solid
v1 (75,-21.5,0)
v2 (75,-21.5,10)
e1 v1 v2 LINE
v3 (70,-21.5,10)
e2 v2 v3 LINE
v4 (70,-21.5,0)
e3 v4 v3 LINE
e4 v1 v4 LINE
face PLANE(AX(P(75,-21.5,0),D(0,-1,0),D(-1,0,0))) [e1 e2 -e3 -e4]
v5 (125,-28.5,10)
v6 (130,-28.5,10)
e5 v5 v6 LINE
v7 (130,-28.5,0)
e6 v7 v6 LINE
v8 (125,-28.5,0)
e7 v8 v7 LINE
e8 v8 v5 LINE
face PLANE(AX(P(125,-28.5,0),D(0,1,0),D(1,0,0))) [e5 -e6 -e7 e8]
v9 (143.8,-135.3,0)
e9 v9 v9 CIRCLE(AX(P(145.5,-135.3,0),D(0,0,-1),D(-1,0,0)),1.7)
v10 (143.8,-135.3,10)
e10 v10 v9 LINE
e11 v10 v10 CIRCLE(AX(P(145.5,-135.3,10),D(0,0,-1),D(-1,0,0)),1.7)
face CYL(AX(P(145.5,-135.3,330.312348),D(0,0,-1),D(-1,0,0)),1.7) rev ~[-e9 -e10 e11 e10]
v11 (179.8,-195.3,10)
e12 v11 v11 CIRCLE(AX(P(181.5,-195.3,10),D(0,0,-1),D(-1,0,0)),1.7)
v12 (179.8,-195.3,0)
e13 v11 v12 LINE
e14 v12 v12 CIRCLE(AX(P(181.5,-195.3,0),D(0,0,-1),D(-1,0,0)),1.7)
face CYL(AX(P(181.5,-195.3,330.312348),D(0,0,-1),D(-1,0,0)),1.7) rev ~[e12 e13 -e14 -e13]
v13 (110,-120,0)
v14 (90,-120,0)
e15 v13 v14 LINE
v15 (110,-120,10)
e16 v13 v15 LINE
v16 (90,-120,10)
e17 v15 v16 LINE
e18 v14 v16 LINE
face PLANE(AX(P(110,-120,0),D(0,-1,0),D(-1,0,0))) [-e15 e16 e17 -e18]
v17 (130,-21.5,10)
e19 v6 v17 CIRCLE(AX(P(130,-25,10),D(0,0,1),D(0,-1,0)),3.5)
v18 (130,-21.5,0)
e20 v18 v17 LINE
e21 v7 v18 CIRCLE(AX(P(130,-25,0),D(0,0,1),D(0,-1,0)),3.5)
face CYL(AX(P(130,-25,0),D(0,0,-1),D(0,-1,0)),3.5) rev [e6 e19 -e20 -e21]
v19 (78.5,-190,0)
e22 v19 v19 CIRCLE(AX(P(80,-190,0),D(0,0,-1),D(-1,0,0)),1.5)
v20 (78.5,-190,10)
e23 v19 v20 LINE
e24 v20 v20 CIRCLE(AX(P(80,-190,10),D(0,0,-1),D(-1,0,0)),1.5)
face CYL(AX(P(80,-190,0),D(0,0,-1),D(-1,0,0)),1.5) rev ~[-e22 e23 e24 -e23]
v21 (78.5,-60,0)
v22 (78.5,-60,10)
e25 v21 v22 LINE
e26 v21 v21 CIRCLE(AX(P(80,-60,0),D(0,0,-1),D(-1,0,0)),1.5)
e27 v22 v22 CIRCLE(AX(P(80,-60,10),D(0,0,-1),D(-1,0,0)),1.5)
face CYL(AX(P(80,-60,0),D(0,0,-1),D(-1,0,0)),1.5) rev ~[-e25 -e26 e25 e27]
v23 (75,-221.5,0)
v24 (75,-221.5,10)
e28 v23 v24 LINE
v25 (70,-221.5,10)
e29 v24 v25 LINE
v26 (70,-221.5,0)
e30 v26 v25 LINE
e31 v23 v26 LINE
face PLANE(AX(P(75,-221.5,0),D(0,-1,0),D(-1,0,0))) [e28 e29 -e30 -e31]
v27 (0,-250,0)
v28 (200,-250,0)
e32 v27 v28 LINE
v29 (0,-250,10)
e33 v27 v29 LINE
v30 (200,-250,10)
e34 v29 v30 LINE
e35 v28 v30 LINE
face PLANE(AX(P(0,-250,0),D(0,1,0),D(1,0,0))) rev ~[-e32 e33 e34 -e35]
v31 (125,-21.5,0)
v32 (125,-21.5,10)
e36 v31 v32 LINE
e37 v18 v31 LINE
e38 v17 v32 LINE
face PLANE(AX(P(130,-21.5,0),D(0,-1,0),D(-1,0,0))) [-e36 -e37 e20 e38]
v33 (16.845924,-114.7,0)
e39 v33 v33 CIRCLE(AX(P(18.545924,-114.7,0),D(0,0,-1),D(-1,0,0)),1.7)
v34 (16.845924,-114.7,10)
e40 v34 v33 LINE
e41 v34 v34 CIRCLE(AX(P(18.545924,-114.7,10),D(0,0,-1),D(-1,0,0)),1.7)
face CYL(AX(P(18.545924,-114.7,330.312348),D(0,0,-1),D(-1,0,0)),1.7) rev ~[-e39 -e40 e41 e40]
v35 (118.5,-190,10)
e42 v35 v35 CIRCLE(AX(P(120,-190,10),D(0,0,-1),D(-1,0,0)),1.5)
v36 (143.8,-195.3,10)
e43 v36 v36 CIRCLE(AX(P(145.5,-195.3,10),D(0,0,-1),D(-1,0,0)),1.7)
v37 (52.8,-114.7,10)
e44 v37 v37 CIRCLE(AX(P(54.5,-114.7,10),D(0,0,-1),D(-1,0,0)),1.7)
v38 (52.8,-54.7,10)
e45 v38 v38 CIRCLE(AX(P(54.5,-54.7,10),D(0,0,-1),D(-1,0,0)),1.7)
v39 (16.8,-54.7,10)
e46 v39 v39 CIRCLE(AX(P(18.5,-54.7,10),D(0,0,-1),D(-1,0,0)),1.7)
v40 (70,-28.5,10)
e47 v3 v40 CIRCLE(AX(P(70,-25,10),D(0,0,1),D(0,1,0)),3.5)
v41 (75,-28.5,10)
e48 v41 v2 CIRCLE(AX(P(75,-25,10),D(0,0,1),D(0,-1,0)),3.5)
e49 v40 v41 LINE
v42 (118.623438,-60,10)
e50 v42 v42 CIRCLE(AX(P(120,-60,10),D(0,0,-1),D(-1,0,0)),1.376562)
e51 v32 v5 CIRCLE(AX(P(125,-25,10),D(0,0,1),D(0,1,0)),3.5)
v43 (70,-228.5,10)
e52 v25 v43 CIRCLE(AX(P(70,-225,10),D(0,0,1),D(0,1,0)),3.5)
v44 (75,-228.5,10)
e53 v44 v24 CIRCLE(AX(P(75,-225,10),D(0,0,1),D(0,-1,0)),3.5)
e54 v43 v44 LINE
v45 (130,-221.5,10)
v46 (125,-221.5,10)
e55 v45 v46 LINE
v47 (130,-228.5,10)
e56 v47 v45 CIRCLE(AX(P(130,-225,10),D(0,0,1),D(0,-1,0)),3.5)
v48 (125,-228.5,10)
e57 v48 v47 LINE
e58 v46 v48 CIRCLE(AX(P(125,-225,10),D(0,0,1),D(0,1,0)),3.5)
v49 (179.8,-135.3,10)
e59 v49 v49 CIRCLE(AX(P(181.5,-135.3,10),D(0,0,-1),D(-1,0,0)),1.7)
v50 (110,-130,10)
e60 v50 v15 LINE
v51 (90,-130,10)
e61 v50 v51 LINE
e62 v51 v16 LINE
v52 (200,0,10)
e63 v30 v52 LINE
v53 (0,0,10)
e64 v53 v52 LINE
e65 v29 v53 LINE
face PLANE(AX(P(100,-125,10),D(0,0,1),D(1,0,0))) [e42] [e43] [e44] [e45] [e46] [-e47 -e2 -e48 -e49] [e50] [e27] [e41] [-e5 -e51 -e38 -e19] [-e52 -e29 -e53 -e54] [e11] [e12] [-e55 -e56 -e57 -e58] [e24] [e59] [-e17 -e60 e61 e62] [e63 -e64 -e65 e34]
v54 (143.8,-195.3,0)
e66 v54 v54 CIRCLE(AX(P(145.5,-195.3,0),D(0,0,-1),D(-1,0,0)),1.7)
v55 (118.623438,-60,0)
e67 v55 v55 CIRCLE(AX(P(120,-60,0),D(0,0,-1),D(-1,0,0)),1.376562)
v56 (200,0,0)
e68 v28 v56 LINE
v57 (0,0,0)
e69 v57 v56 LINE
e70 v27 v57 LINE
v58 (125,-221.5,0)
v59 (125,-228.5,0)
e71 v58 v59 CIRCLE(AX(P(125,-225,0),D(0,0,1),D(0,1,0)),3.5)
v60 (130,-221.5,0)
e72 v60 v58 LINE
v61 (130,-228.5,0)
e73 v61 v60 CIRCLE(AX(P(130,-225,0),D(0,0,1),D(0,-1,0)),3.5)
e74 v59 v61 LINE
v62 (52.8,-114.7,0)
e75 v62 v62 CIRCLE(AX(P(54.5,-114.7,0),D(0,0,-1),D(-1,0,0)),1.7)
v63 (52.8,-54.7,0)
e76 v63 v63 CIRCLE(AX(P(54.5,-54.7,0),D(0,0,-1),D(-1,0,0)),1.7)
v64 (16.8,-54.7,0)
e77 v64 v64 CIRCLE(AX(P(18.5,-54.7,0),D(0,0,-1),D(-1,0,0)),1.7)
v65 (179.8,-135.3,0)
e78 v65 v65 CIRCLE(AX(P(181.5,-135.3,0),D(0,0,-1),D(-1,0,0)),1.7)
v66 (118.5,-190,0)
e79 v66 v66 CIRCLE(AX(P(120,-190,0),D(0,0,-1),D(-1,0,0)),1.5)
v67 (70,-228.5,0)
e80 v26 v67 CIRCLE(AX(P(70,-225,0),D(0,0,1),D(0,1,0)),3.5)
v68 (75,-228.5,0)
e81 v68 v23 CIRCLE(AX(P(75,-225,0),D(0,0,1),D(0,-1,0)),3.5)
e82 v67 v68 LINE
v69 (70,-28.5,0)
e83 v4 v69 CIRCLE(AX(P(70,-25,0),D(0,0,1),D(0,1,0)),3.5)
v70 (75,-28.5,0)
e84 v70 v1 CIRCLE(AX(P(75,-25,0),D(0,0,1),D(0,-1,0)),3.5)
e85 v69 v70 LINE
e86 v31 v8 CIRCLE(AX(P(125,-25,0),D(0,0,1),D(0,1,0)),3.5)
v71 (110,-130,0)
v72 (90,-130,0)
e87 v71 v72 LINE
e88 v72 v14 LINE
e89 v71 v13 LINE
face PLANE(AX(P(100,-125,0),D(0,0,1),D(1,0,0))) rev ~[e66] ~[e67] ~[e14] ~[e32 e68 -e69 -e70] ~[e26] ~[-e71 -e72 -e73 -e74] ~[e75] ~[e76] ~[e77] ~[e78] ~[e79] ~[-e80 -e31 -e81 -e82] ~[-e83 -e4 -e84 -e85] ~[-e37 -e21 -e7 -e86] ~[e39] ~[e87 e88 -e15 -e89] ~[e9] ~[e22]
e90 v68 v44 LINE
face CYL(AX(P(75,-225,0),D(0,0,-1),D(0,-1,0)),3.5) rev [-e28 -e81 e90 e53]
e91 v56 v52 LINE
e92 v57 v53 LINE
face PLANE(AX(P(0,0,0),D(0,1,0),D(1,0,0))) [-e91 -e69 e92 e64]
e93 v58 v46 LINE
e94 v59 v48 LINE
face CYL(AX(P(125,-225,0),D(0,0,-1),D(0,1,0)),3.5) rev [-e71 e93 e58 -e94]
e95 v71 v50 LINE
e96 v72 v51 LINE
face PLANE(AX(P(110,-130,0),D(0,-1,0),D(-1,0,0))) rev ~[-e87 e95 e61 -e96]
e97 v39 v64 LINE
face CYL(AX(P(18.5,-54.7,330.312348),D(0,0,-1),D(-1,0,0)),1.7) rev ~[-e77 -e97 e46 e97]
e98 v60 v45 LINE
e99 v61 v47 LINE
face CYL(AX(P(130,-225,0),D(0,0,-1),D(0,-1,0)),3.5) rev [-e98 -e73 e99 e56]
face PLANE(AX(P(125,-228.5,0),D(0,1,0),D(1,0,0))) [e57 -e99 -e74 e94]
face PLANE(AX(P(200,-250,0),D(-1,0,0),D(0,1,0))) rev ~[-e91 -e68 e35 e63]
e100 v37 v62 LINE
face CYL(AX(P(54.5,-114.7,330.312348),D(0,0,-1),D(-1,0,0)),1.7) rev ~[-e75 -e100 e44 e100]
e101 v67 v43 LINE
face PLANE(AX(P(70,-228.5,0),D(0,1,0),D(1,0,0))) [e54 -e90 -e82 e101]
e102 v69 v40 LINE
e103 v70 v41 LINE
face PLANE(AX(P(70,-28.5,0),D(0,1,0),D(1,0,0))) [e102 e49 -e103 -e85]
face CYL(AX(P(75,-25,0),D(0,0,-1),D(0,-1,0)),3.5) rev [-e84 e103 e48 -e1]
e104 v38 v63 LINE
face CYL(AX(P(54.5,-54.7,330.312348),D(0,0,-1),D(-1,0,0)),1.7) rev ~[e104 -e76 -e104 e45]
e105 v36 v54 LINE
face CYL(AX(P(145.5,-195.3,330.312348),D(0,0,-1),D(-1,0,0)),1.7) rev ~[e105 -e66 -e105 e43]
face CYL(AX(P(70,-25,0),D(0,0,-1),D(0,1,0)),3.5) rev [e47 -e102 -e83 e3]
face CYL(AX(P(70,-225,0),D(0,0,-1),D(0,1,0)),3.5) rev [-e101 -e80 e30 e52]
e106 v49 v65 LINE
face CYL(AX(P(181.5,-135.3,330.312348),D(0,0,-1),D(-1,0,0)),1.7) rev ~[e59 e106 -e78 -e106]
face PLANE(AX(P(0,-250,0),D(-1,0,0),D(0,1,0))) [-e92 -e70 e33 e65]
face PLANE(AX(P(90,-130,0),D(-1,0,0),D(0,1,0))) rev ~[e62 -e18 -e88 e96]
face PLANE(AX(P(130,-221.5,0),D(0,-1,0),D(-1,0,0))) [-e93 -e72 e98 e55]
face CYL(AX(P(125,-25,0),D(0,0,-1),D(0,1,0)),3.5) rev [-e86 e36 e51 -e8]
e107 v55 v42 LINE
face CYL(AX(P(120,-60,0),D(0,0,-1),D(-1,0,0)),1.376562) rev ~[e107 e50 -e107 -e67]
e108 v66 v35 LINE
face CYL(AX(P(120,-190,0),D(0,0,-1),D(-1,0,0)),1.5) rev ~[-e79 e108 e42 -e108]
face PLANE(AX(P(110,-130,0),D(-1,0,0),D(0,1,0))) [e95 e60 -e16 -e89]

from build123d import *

# Parameters (mm, degrees)
ESQUISSE2_W             = 200
ESQUISSE2_H             = 250
BOSS_EXTRU_1_DEPTH      = 10
ESQUISSE7_W             = 20
ESQUISSE7_H             = 10
ENL_V_MAT_EXTRU_2_DEPTH = 10
ENL_V_MAT_EXTRU_3_DEPTH = 10
ESQUISSE11_R            = 1.5
ESQUISSE11_R_2          = 1.37656202
ENL_V_MAT_EXTRU_4_DEPTH = 10
D_GAGEMENT_M31_D        = 3.4


with BuildPart() as part:
    # Esquisse2 → Boss.-Extru.1 (new body)
    with BuildSketch(Plane.XY):
        with Locations((100, -125)):
            Rectangle(ESQUISSE2_W, ESQUISSE2_H)
    extrude(amount=BOSS_EXTRU_1_DEPTH)

    # Esquisse7 → Enlèv. mat.-Extru.2 (cut)
    with BuildSketch(Plane(origin=(0, 0, 0), x_dir=(-1, 0, 0), z_dir=(0, 0, -1))):
        with Locations((-100, -125)):
            Rectangle(ESQUISSE7_W, ESQUISSE7_H)
    extrude(amount=-ENL_V_MAT_EXTRU_2_DEPTH, mode=Mode.SUBTRACT)

    # Esquisse10 → Enlèv. mat.-Extru.3 (cut)
    with BuildSketch(Plane(origin=(0, 0, 0), x_dir=(-1, 0, 0), z_dir=(0, 0, -1))):
        with BuildLine():
            Line((-70, -28.5), (-75, -28.5))
            ThreePointArc((-75, -28.5), (-78.5, -25), (-75, -21.5))
            Line((-75, -21.5), (-70, -21.5))
            ThreePointArc((-70, -21.5), (-66.5, -25), (-70, -28.5))
        make_face()
        with BuildLine():
            Line((-70, -228.5), (-75, -228.5))
            ThreePointArc((-75, -228.5), (-78.5, -225), (-75, -221.5))
            Line((-75, -221.5), (-70, -221.5))
            ThreePointArc((-70, -221.5), (-66.5, -225), (-70, -228.5))
        make_face()
        with BuildLine():
            Line((-130, -221.5), (-125, -221.5))
            ThreePointArc((-125, -221.5), (-121.5, -225), (-125, -228.5))
            Line((-125, -228.5), (-130, -228.5))
            ThreePointArc((-130, -228.5), (-133.5, -225), (-130, -221.5))
        make_face()
        with BuildLine():
            Line((-130, -21.5), (-125, -21.5))
            ThreePointArc((-125, -21.5), (-121.5, -25), (-125, -28.5))
            Line((-125, -28.5), (-130, -28.5))
            ThreePointArc((-130, -28.5), (-133.5, -25), (-130, -21.5))
        make_face()
    extrude(amount=-ENL_V_MAT_EXTRU_3_DEPTH, mode=Mode.SUBTRACT)

    # Esquisse11 → Enlèv. mat.-Extru.4 (cut)
    with BuildSketch(Plane(origin=(0, 0, 0), x_dir=(-1, 0, 0), z_dir=(0, 0, -1))):
        with Locations((-80, -190)):
            Circle(ESQUISSE11_R)
        with Locations((-120, -190)):
            Circle(ESQUISSE11_R)
        with Locations((-80, -60)):
            Circle(ESQUISSE11_R)
        with Locations((-120, -60)):
            Circle(ESQUISSE11_R_2)
    extrude(amount=-ENL_V_MAT_EXTRU_4_DEPTH, mode=Mode.SUBTRACT)

    # Dégagement M31 (through all)
    with Locations(Plane.XY.offset(10)):
        with Locations((18.5, -54.7), (54.5, -54.7), (18.545923706, -114.7), (54.5, -114.7), (145.5, -135.3), (181.5, -135.3), (145.5, -195.3), (181.5, -195.3)):
            Hole(D_GAGEMENT_M31_D / 2)


solid = part.part
